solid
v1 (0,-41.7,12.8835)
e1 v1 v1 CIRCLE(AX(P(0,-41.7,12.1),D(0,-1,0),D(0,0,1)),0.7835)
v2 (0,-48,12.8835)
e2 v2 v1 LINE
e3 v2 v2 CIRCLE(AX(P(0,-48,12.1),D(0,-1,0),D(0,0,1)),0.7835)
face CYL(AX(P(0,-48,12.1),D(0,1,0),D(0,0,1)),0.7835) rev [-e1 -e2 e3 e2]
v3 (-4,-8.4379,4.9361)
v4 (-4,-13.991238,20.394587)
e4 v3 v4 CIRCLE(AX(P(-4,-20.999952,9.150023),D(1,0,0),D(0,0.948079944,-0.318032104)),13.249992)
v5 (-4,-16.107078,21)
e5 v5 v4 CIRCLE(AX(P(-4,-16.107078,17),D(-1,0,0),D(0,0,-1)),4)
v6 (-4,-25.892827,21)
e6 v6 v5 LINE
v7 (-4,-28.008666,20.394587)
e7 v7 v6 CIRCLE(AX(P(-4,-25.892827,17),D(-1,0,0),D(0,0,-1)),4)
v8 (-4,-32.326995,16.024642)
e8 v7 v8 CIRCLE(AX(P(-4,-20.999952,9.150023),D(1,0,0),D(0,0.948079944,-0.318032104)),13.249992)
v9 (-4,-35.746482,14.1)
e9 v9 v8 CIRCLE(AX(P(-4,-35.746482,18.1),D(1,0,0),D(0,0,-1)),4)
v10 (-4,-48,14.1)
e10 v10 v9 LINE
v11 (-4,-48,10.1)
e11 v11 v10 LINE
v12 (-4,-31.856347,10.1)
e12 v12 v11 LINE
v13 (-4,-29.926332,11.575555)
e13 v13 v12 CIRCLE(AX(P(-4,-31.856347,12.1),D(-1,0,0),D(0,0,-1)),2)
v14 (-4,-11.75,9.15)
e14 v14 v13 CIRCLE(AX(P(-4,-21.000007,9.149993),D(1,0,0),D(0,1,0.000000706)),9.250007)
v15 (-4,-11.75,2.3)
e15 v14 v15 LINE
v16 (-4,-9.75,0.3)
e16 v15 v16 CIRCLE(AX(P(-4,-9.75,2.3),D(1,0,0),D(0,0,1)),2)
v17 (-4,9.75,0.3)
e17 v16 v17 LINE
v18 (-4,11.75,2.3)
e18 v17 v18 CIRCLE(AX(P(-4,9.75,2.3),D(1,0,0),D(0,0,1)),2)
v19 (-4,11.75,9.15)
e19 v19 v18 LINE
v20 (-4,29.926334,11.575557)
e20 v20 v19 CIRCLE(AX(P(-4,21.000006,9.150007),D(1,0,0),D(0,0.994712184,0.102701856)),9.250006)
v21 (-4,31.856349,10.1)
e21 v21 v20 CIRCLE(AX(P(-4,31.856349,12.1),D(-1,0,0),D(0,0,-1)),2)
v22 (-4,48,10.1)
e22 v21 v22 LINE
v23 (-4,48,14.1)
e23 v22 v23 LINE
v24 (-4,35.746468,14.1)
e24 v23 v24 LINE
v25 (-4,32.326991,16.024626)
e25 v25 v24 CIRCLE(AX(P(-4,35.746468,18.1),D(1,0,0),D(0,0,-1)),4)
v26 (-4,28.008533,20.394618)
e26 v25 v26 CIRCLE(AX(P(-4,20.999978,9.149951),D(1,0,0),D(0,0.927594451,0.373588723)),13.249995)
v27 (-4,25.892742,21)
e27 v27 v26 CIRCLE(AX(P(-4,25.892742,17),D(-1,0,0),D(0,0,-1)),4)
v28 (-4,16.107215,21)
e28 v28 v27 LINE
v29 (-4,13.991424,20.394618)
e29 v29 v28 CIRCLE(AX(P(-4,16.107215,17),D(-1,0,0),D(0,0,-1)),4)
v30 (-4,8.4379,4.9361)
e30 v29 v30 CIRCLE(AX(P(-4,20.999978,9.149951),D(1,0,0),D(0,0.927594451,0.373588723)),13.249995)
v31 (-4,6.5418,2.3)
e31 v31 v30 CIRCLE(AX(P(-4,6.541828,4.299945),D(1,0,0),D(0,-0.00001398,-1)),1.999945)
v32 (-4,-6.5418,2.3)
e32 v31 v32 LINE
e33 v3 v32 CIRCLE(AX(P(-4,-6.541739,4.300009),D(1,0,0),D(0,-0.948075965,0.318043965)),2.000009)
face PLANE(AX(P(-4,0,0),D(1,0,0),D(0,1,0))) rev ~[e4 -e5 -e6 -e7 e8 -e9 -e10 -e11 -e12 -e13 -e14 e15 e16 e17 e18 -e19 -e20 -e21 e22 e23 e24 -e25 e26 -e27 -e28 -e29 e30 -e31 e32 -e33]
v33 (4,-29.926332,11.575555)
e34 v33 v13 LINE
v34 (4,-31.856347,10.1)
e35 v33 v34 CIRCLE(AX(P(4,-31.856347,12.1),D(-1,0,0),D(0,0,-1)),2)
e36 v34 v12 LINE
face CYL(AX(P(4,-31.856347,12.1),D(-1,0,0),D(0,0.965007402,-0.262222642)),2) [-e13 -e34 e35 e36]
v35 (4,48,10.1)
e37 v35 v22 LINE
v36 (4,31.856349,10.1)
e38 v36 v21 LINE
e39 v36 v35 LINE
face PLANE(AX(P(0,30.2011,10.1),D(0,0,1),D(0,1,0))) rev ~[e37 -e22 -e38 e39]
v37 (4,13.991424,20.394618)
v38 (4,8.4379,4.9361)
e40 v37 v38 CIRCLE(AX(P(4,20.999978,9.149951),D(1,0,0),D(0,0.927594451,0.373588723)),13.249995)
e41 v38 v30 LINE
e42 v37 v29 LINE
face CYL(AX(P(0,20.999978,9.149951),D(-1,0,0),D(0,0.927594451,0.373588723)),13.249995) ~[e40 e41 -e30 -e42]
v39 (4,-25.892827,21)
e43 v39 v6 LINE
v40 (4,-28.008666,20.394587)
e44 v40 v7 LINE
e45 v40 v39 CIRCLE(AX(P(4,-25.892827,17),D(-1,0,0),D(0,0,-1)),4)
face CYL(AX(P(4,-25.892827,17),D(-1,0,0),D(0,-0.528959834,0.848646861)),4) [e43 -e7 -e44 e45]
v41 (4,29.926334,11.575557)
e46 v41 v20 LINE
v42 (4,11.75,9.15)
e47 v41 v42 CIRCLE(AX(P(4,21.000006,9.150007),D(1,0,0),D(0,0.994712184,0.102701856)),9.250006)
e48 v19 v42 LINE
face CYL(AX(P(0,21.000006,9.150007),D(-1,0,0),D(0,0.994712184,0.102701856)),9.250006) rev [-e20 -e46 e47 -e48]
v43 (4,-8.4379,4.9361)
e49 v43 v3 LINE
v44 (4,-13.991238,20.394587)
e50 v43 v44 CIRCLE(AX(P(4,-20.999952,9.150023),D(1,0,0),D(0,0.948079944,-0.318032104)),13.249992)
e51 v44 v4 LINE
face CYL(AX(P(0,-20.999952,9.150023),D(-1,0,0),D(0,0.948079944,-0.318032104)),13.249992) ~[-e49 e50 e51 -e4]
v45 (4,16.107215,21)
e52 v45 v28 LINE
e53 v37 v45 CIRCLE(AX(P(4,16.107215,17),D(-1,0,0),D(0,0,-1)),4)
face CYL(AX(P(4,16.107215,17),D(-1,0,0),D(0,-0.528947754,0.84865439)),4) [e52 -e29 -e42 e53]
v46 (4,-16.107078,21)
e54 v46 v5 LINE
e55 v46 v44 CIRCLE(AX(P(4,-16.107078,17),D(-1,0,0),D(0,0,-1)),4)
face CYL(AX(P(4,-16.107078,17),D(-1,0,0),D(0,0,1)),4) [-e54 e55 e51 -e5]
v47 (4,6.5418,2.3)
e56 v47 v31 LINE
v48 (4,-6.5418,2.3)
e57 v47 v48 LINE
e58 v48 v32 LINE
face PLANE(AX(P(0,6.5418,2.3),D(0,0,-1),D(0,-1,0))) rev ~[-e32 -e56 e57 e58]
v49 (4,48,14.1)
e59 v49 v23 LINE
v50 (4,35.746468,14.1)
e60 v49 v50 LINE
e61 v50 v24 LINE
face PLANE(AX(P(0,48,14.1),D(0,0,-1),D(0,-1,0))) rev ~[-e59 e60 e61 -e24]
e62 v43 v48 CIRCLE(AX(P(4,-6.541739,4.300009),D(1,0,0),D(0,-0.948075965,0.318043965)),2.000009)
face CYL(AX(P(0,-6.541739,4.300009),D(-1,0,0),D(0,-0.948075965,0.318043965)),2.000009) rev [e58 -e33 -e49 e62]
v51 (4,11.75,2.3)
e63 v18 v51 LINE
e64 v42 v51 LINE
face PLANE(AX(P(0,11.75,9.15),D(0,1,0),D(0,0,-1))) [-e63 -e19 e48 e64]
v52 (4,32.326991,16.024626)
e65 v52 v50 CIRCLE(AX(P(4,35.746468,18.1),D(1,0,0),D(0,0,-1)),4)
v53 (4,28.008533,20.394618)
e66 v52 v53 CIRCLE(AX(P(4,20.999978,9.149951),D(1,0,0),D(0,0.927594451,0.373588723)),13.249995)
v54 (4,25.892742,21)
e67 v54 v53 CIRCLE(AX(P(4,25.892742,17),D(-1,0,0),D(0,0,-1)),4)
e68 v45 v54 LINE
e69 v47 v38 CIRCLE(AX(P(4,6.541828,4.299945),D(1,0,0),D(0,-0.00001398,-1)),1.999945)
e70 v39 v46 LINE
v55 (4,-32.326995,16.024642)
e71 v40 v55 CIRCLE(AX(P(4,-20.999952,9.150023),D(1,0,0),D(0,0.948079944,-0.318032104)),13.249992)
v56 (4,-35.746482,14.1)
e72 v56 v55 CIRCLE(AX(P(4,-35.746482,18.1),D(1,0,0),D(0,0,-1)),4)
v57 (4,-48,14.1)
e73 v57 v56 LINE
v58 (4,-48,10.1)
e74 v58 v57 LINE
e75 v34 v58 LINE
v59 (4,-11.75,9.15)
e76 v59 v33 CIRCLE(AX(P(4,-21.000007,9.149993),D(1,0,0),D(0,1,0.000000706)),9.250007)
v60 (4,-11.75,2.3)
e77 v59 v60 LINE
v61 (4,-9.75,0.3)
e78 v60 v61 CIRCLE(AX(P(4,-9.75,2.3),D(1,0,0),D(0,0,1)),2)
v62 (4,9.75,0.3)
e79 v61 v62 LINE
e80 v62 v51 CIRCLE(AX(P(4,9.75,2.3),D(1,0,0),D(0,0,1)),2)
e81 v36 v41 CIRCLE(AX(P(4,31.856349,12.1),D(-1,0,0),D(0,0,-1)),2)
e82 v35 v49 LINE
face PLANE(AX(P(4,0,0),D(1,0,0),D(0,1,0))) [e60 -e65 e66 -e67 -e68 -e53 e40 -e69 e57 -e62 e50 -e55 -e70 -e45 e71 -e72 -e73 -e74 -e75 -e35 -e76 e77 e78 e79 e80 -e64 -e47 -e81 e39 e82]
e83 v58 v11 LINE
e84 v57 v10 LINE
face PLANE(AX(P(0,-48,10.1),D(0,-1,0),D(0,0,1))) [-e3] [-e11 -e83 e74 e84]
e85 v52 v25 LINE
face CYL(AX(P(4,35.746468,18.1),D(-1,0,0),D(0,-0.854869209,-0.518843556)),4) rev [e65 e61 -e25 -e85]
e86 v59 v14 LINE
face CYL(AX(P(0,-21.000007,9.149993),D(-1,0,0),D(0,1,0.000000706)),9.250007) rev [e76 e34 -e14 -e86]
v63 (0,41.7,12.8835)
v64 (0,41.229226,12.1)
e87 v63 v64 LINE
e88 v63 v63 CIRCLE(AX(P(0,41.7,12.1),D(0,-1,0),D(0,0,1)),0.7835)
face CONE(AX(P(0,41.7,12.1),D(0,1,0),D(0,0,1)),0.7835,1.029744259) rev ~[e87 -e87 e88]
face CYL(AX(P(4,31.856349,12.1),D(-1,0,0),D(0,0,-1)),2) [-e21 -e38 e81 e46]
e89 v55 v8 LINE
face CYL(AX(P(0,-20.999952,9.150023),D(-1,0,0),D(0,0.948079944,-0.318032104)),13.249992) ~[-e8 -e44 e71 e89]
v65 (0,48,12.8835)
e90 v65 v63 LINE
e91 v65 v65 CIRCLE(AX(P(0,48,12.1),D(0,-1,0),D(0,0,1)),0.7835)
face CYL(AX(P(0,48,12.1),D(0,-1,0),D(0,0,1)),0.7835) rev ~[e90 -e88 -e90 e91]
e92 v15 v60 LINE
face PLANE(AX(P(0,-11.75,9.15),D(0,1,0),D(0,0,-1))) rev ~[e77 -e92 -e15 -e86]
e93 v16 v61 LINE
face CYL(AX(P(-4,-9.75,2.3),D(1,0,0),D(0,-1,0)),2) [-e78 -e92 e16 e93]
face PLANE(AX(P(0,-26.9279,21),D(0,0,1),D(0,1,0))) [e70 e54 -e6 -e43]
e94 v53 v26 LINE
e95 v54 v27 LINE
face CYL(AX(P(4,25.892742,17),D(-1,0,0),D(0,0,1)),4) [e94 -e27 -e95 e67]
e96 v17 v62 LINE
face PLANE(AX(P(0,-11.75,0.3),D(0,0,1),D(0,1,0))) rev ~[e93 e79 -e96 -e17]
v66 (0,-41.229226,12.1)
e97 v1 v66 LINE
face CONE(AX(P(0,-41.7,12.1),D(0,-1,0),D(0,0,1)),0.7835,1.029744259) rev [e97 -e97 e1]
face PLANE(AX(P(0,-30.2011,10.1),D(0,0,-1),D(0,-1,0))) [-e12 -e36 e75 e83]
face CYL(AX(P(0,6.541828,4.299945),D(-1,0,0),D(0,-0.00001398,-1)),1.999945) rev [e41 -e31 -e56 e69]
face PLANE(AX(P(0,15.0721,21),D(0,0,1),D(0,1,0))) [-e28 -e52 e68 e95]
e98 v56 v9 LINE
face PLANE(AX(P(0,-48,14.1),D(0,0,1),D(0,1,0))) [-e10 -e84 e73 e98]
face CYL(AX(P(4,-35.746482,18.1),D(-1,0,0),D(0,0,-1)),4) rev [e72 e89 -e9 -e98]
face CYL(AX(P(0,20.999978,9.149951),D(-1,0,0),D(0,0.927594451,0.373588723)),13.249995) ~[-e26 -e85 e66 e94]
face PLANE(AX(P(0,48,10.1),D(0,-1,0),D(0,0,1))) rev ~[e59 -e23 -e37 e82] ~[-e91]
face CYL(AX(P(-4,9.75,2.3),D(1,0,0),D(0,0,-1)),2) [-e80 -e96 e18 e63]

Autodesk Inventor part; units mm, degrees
ref_plane "YZ Plane" through (0, 0, 0) normal (1, 0, 0) x (0, 1, 0)
ref_plane "XZ Plane" through (0, 0, 0) normal (0, 1, 0) x (-1, 0, 0)
ref_plane "XY Plane" through (0, 0, 0) normal (0, 0, 1) x (1, 0, 0)
sketch "Sketch1" plane through (0, 0, 0) normal (1, 0, 0) x (0, 1, 0)
  line L0 (-11.75, 0.3) -> (11.75, 0.3)
  arc A0 (30.2011, 10.1) -> (11.75, 9.15) centre (21, 9.15) ccw
  arc A1 (-11.75, 9.15) -> (-30.2011, 10.1) centre (-21, 9.15) ccw
  line L1 (-30.2011, 10.1) -> (-48, 10.1)
  line L2 (-48, 10.1) -> (-48, 14.1)
  line L3 (-48, 14.1) -> (-33.2906, 14.1)
  arc A2 (-8.4379, 4.9361) -> (-33.2906, 14.1) centre (-21, 9.15) ccw
  arc A3 (33.2906, 14.1) -> (8.4379, 4.9361) centre (21, 9.15) ccw
  line L4 (30.2011, 10.1) -> (48, 10.1)
  line L5 (48, 10.1) -> (48, 14.1)
  line L6 (48, 14.1) -> (33.2906, 14.1)
  line L7 (6.5418, 2.3) -> (-6.5418, 2.3)
  line L8 (-26.9279, 21) -> (-15.0721, 21)
  line L9 (15.0721, 21) -> (26.9279, 21)
  line L10 (11.75, 9.15) -> (11.75, 0.3)
  line L11 (-11.75, 9.15) -> (-11.75, 0.3)
  arc A4 (-8.4379, 4.9361) -> (-6.5418, 2.3) centre (-6.5418, 4.3) ccw
  arc A5 (6.5418, 2.3) -> (8.4379, 4.9361) centre (6.5418, 4.3) ccw
  point P0 (0, 0)
  point P1 (0, 0.3)
  point P2 (0, 2.3)
  dimension "d1" = 9.25
  dimension "d3" = 42
  dimension "d4" = 96
  dimension "d5" = 4
  dimension "d8" = 4
  dimension "d11" = 0.3
  dimension "d13" = 10.1
  dimension "d14" = 9.15
  dimension "d15" = 21
  dimension "d26" = 2
  dimension "d30" = 2
  dimension "d31" = 13.0836
extrude "Extrusion1" add sketch "Sketch1" along normal mid plane 8 contours L11 A1 L1 L2 L3 A2 L8 A4 L7 A5 A3 L9 L6 L5 L4 A0 L10 L0
sketch "Sketch2" plane through (-4, 48, 14.1) normal (0, 1, 0) x (1, 0, 0)
  line L0 (0, 0) -> (8, 0) projected
  line L1 (8, 4) -> (8, 0) projected
  line L2 (0, 4) -> (8, 4) projected
  line L3 (0, 0) -> (0, 4) projected
  line L4 (0, 4) -> (8, 4) projected
  line L5 (0, 0) -> (0, 4) projected
  point P0 (4, 14.1)
  point P1 (4, 2)
  point P2 (4, 4)
  point P3 (0, 2)
hole "Hole1" at (0, 48, 12.1) direction (0, -1, 0) diameter 1.567 depth 6.3 tip angle 118 thread size "M2x0.4" class "6H" standard "ANSI Metric M Profile"
mirror "Mirror1" about plane through (0, 0, 0) normal (0, 1, 0) of "Hole1"
fillet "Fillet3" radius 4 6 edges at (0, -26.9279, 21) (0, -15.0721, 21) (0, 15.0721, 21) (0, 26.9279, 21) (0, 33.2906, 14.1) (0, -33.2906, 14.1)
fillet "Fillet3" radius 2 4 edges at (0, -30.2011, 10.1) (0, 30.2011, 10.1) (0, -11.75, 0.3) (0, 11.75, 0.3)
properties part number "EPS_RegulatorHeatsinkBatteryAdapter" material "Copper"
